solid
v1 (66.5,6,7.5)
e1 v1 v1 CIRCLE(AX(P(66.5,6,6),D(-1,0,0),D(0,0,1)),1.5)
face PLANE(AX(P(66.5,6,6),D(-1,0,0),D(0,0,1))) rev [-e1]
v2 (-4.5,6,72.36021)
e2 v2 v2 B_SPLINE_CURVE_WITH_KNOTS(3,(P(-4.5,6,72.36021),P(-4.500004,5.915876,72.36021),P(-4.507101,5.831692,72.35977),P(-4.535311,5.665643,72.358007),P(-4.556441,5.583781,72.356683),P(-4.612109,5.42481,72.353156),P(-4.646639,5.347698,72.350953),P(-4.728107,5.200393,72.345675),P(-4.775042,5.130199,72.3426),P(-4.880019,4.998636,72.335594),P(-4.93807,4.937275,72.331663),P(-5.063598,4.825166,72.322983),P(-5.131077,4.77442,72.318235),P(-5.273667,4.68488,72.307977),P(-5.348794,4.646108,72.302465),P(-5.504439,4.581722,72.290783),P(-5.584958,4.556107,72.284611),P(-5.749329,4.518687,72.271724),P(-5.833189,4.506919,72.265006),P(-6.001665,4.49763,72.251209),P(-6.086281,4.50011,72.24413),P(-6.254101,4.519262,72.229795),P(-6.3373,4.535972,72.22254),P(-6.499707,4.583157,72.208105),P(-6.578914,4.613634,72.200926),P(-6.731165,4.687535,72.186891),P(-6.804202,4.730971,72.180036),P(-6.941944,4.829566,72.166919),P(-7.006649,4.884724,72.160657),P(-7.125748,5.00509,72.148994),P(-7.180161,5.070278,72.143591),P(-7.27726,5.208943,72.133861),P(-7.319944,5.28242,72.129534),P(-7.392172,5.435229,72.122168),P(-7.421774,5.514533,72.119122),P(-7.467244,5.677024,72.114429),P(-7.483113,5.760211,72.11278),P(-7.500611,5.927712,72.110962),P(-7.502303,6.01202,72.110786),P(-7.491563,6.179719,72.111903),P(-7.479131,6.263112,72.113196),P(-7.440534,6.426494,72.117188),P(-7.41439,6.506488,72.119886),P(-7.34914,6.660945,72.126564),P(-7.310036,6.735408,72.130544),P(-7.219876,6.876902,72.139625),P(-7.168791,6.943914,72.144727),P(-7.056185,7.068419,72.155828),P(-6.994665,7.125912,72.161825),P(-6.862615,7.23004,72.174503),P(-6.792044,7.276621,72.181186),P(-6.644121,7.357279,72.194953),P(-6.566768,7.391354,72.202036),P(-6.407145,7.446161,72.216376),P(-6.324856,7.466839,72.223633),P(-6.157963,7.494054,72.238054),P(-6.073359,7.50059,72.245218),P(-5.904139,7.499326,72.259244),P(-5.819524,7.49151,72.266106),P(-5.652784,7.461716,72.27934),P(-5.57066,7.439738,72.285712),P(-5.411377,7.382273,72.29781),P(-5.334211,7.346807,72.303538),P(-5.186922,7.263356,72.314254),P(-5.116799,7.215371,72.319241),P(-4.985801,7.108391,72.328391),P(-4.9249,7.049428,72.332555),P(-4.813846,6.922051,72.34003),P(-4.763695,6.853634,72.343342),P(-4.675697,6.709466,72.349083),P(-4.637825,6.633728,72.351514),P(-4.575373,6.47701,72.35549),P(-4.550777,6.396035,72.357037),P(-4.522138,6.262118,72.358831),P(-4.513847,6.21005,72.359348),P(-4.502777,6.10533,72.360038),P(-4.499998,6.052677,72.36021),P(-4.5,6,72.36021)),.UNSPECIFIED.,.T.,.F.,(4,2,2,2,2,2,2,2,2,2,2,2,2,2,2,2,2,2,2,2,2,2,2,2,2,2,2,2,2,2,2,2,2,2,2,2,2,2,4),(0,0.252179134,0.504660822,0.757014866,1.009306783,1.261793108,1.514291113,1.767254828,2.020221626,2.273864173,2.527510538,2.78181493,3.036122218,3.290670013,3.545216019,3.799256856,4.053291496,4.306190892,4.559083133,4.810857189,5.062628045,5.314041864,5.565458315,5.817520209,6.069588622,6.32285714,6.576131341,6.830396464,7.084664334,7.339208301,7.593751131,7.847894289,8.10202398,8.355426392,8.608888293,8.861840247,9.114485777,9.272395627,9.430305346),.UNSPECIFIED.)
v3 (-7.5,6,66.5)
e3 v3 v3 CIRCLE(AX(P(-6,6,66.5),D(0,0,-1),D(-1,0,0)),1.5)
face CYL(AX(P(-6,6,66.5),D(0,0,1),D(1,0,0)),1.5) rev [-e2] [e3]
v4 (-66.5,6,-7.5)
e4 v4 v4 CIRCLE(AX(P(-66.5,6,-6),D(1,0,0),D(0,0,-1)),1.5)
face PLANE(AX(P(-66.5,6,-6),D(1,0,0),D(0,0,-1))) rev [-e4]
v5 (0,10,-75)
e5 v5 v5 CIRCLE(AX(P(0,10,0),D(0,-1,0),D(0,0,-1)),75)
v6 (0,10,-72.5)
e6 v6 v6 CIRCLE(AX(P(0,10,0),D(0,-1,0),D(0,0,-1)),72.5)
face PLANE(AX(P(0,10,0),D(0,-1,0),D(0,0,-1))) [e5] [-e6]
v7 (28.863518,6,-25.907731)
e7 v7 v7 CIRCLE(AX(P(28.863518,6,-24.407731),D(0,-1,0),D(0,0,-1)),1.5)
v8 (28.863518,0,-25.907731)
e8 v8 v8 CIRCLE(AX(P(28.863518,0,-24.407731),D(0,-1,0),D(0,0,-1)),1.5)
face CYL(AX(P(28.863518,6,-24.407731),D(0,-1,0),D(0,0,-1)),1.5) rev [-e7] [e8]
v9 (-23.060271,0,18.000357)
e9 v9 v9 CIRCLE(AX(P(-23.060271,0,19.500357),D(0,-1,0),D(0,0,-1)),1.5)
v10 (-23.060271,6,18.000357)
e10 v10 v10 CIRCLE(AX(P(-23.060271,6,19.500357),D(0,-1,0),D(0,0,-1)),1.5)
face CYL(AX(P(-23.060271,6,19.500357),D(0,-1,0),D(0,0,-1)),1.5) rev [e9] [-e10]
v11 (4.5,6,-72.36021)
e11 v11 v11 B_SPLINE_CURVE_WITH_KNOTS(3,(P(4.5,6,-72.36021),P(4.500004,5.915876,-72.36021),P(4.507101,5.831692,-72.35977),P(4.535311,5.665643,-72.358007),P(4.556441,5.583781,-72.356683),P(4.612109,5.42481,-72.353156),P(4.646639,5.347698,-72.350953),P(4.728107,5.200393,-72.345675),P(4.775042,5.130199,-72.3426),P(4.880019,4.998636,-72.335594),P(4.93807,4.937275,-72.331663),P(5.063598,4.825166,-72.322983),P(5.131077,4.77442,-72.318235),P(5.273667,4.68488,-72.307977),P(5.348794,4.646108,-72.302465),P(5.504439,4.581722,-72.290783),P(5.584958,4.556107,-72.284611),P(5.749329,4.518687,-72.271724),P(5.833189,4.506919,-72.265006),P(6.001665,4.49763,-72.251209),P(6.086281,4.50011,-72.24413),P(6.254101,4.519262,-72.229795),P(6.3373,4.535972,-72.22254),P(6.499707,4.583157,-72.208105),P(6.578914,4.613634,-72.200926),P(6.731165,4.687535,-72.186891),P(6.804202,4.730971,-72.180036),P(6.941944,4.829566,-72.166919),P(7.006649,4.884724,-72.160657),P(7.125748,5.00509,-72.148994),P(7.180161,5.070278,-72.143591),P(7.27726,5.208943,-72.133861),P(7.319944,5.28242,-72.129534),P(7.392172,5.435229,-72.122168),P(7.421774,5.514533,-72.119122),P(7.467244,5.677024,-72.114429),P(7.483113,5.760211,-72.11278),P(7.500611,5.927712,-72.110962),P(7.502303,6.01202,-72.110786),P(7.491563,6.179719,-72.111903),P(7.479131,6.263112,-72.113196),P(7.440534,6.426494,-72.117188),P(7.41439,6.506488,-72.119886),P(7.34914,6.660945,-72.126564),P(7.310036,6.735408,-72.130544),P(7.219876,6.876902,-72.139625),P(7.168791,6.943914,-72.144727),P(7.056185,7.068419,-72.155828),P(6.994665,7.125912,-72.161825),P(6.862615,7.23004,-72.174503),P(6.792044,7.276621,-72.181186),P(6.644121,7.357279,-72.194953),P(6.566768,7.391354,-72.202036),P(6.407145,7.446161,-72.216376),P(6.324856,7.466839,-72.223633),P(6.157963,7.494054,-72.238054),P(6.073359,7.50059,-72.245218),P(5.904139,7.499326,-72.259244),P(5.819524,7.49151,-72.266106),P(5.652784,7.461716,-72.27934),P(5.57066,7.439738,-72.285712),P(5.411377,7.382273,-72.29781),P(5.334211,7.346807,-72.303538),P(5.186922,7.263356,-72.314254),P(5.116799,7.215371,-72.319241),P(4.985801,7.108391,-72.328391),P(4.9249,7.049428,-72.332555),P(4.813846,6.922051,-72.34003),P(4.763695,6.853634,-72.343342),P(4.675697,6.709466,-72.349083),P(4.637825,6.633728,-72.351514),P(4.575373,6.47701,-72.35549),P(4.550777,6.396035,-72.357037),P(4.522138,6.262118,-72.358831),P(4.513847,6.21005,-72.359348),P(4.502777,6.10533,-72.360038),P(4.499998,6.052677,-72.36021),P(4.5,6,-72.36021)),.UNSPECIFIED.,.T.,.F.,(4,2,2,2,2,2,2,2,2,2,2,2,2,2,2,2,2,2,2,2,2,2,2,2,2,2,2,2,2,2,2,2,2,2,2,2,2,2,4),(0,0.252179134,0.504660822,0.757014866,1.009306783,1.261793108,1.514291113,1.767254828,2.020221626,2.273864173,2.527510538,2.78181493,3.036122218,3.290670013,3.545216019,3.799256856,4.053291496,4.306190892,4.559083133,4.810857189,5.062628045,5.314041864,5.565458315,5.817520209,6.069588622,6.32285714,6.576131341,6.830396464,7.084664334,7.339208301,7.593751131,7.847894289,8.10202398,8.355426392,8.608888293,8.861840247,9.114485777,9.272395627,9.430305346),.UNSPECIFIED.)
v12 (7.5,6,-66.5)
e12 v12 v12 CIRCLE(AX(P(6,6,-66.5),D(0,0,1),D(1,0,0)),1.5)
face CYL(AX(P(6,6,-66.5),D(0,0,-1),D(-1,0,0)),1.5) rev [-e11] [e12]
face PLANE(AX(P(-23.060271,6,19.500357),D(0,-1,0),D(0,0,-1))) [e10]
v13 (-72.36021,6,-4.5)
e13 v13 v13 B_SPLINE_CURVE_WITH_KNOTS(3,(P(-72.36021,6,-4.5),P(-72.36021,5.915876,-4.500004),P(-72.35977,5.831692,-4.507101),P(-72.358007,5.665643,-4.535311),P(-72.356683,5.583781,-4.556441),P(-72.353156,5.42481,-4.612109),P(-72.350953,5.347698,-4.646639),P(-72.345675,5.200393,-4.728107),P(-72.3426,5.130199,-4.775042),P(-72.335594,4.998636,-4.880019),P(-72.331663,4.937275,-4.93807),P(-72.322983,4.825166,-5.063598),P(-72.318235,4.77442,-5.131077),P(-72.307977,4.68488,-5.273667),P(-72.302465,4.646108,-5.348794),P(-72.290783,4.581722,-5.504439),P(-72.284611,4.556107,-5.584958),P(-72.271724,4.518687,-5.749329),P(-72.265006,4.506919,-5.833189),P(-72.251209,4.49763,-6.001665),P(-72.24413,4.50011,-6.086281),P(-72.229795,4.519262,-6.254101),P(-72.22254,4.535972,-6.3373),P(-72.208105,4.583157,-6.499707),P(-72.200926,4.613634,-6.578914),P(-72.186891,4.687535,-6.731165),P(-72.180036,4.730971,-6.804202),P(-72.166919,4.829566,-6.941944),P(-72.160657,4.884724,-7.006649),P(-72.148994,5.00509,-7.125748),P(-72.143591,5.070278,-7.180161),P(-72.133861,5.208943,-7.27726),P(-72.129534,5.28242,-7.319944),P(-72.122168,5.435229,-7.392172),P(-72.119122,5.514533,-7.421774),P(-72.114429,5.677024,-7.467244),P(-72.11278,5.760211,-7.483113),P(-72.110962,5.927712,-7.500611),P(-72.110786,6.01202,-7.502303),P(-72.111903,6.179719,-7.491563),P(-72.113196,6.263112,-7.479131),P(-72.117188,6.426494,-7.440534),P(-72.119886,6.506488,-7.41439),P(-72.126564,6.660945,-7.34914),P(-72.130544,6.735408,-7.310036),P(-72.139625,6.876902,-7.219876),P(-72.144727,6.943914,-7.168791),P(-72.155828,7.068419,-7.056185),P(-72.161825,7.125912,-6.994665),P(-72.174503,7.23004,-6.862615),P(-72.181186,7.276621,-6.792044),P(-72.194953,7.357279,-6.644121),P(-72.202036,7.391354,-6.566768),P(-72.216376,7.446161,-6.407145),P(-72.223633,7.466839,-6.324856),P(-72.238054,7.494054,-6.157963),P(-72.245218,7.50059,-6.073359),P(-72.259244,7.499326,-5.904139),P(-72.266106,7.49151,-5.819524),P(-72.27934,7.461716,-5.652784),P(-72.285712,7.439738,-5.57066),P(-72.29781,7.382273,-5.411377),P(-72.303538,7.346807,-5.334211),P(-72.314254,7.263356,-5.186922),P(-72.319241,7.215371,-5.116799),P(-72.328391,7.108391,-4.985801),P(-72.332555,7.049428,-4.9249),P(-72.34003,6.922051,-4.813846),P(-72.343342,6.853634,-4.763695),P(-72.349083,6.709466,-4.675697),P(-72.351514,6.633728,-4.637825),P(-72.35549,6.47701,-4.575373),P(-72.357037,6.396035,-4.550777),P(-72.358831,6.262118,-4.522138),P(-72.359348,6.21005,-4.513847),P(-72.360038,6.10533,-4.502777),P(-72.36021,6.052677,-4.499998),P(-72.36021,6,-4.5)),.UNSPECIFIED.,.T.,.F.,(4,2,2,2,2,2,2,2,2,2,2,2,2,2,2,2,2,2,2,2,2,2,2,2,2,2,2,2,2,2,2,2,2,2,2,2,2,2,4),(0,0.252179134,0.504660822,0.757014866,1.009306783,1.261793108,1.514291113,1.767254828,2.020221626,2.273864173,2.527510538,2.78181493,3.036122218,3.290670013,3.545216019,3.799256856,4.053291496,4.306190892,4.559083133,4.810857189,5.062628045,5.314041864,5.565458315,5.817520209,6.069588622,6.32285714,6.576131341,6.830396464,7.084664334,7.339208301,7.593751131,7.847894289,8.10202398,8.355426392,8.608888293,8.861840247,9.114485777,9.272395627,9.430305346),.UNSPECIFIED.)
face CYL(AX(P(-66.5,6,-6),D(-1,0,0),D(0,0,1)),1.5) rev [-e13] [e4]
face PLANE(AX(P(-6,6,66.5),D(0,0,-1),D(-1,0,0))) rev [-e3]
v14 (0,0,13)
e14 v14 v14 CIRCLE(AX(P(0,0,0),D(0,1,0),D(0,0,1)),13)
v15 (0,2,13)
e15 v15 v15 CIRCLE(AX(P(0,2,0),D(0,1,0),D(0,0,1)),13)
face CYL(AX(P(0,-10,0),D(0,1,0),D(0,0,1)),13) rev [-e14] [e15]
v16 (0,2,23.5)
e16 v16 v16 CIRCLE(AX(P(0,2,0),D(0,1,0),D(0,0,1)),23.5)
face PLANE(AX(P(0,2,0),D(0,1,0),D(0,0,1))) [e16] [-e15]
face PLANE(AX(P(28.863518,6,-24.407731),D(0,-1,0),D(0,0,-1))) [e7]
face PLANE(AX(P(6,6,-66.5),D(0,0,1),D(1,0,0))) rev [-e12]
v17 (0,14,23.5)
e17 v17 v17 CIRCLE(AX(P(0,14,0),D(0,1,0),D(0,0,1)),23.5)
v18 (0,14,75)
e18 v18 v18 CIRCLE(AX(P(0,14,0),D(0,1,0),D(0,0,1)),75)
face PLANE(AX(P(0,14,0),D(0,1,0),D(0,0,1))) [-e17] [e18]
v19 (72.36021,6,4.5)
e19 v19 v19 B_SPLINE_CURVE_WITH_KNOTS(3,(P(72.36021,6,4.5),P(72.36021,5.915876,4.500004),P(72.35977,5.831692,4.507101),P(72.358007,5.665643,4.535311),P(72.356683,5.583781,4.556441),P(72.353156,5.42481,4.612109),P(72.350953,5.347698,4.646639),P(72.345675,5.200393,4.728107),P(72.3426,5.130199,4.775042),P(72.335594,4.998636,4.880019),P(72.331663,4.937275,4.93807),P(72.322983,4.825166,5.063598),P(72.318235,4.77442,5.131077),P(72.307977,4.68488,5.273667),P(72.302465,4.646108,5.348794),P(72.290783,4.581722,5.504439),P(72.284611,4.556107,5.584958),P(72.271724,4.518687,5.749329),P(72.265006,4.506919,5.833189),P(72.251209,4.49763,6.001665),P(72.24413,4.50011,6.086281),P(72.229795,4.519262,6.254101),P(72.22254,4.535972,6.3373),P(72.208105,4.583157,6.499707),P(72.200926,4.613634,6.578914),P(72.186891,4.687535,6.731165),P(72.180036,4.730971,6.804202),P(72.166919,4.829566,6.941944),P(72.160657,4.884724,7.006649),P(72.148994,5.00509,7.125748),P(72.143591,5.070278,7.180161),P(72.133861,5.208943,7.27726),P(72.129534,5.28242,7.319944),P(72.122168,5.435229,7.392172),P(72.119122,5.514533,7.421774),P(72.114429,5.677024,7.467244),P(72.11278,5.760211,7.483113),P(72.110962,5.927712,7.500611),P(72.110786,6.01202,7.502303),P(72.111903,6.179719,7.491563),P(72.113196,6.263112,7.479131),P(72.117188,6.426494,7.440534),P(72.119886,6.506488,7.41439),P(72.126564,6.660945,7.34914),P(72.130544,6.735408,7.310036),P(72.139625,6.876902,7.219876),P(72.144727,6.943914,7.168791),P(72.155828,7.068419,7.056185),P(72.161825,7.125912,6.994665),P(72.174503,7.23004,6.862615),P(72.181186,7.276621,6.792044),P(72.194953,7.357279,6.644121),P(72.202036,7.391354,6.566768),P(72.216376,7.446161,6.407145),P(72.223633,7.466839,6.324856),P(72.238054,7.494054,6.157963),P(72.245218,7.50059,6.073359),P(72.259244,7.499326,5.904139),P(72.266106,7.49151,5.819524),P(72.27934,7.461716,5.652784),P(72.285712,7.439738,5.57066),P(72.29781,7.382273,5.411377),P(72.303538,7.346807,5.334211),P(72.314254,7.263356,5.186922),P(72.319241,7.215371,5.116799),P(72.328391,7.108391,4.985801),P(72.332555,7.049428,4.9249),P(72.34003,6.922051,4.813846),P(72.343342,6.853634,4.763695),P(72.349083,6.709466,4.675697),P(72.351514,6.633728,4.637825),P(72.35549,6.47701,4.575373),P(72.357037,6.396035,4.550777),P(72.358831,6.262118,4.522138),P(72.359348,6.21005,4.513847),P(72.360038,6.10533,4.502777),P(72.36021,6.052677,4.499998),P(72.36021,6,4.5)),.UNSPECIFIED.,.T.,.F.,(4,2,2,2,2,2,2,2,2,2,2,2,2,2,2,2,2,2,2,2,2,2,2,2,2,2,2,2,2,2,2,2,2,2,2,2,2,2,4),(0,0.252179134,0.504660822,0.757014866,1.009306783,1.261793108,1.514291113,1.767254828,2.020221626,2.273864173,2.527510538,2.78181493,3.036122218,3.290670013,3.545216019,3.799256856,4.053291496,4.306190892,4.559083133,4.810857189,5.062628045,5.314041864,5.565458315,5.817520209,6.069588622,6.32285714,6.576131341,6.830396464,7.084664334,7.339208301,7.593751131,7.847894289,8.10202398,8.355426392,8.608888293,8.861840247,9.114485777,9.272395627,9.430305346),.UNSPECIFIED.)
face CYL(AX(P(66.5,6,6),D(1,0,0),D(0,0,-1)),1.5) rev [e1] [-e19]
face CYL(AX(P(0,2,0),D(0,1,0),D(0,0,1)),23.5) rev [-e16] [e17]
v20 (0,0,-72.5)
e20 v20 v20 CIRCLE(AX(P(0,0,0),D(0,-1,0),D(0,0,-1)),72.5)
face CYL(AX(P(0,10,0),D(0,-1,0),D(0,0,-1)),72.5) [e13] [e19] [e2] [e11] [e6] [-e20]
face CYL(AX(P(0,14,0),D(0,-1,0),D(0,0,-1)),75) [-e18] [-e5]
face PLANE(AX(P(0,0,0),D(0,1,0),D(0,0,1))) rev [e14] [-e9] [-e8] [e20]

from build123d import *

# Parameters (mm, degrees)
SZKIC4_R                    = 75
DODANIE_WYCI_GNI_CIE2_DEPTH = 14
SZKIC5_R                    = 23.5
WYTNIJ_WYCI_GNI_CIE3_DEPTH  = 12
SZKIC6_R                    = 13
WYTNIJ_WYCI_GNI_CIE4_DEPTH  = 12
SZKIC7_R                    = 75
SZKIC7_R_2                  = 72.5
WYTNIJ_WYCI_GNI_CIE5_DEPTH  = 10
SZKIC8_R                    = 1.5
WYTNIJ_WYCI_GNI_CIE6_DEPTH  = 6
SZKIC10_R                   = 1.5
WYTNIJ_WYCI_GNI_CIE7_DEPTH  = 6
SZYK_KO_OWY1_COUNT          = 4


with BuildPart() as part:
    # Szkic4 → Dodanie-wyciągnięcie2 (new body)
    with BuildSketch(Plane(origin=(0, 0, 0), x_dir=(1, 0, 0), z_dir=(0, 1, 0))):
        Circle(SZKIC4_R)
    extrude(amount=DODANIE_WYCI_GNI_CIE2_DEPTH)

    # Szkic5 → Wytnij-wyciągnięcie3 (cut)
    with BuildSketch(Plane(origin=(0, 14, 0), x_dir=(1, 0, 0), z_dir=(0, 1, 0))):
        Circle(SZKIC5_R)
    extrude(amount=-WYTNIJ_WYCI_GNI_CIE3_DEPTH, mode=Mode.SUBTRACT)

    # Szkic6 → Wytnij-wyciągnięcie4 (cut)
    with BuildSketch(Plane(origin=(0, 2, 0), x_dir=(1, 0, 0), z_dir=(0, 1, 0))):
        Circle(SZKIC6_R)
    extrude(amount=-WYTNIJ_WYCI_GNI_CIE4_DEPTH, mode=Mode.SUBTRACT)

    # Szkic7 → Wytnij-wyciągnięcie5 (cut)
    with BuildSketch(Plane.XZ):
        Circle(SZKIC7_R)
        Circle(SZKIC7_R_2, mode=Mode.SUBTRACT)
    extrude(amount=-WYTNIJ_WYCI_GNI_CIE5_DEPTH, mode=Mode.SUBTRACT)

    # Szkic8 → Wytnij-wyciągnięcie6 (cut)
    with BuildSketch(Plane(origin=(0, 0, 0), x_dir=(-1, 0, 0), z_dir=(0, -1, 0))):
        with Locations((23.060270904, -19.500356556)):
            Circle(SZKIC8_R)
        with Locations((-28.863517887, 24.407731054)):
            Circle(SZKIC8_R)
    extrude(amount=-WYTNIJ_WYCI_GNI_CIE6_DEPTH, mode=Mode.SUBTRACT)

    # Szkic10 → Wytnij-wyciągnięcie7 (cut)
    with BuildSketch(Plane(origin=(0, 0, 72.5), x_dir=(0, -1, 0), z_dir=(0, 0, -1))):
        with Locations((-6, 6)):
            Circle(SZKIC10_R)
    wytnij_wyci_gni_cie7 = extrude(amount=WYTNIJ_WYCI_GNI_CIE7_DEPTH, mode=Mode.SUBTRACT)

    # Szyk kołowy1: Wytnij-wyciągnięcie7 ×4 about axis
    szyk_ko_owy1_axis = Axis((0, 0, 0), (0, 1, 0))
    for i in range(1, SZYK_KO_OWY1_COUNT):
        add(wytnij_wyci_gni_cie7.rotate(szyk_ko_owy1_axis, i * 360 / SZYK_KO_OWY1_COUNT), mode=Mode.SUBTRACT)


solid = part.part
